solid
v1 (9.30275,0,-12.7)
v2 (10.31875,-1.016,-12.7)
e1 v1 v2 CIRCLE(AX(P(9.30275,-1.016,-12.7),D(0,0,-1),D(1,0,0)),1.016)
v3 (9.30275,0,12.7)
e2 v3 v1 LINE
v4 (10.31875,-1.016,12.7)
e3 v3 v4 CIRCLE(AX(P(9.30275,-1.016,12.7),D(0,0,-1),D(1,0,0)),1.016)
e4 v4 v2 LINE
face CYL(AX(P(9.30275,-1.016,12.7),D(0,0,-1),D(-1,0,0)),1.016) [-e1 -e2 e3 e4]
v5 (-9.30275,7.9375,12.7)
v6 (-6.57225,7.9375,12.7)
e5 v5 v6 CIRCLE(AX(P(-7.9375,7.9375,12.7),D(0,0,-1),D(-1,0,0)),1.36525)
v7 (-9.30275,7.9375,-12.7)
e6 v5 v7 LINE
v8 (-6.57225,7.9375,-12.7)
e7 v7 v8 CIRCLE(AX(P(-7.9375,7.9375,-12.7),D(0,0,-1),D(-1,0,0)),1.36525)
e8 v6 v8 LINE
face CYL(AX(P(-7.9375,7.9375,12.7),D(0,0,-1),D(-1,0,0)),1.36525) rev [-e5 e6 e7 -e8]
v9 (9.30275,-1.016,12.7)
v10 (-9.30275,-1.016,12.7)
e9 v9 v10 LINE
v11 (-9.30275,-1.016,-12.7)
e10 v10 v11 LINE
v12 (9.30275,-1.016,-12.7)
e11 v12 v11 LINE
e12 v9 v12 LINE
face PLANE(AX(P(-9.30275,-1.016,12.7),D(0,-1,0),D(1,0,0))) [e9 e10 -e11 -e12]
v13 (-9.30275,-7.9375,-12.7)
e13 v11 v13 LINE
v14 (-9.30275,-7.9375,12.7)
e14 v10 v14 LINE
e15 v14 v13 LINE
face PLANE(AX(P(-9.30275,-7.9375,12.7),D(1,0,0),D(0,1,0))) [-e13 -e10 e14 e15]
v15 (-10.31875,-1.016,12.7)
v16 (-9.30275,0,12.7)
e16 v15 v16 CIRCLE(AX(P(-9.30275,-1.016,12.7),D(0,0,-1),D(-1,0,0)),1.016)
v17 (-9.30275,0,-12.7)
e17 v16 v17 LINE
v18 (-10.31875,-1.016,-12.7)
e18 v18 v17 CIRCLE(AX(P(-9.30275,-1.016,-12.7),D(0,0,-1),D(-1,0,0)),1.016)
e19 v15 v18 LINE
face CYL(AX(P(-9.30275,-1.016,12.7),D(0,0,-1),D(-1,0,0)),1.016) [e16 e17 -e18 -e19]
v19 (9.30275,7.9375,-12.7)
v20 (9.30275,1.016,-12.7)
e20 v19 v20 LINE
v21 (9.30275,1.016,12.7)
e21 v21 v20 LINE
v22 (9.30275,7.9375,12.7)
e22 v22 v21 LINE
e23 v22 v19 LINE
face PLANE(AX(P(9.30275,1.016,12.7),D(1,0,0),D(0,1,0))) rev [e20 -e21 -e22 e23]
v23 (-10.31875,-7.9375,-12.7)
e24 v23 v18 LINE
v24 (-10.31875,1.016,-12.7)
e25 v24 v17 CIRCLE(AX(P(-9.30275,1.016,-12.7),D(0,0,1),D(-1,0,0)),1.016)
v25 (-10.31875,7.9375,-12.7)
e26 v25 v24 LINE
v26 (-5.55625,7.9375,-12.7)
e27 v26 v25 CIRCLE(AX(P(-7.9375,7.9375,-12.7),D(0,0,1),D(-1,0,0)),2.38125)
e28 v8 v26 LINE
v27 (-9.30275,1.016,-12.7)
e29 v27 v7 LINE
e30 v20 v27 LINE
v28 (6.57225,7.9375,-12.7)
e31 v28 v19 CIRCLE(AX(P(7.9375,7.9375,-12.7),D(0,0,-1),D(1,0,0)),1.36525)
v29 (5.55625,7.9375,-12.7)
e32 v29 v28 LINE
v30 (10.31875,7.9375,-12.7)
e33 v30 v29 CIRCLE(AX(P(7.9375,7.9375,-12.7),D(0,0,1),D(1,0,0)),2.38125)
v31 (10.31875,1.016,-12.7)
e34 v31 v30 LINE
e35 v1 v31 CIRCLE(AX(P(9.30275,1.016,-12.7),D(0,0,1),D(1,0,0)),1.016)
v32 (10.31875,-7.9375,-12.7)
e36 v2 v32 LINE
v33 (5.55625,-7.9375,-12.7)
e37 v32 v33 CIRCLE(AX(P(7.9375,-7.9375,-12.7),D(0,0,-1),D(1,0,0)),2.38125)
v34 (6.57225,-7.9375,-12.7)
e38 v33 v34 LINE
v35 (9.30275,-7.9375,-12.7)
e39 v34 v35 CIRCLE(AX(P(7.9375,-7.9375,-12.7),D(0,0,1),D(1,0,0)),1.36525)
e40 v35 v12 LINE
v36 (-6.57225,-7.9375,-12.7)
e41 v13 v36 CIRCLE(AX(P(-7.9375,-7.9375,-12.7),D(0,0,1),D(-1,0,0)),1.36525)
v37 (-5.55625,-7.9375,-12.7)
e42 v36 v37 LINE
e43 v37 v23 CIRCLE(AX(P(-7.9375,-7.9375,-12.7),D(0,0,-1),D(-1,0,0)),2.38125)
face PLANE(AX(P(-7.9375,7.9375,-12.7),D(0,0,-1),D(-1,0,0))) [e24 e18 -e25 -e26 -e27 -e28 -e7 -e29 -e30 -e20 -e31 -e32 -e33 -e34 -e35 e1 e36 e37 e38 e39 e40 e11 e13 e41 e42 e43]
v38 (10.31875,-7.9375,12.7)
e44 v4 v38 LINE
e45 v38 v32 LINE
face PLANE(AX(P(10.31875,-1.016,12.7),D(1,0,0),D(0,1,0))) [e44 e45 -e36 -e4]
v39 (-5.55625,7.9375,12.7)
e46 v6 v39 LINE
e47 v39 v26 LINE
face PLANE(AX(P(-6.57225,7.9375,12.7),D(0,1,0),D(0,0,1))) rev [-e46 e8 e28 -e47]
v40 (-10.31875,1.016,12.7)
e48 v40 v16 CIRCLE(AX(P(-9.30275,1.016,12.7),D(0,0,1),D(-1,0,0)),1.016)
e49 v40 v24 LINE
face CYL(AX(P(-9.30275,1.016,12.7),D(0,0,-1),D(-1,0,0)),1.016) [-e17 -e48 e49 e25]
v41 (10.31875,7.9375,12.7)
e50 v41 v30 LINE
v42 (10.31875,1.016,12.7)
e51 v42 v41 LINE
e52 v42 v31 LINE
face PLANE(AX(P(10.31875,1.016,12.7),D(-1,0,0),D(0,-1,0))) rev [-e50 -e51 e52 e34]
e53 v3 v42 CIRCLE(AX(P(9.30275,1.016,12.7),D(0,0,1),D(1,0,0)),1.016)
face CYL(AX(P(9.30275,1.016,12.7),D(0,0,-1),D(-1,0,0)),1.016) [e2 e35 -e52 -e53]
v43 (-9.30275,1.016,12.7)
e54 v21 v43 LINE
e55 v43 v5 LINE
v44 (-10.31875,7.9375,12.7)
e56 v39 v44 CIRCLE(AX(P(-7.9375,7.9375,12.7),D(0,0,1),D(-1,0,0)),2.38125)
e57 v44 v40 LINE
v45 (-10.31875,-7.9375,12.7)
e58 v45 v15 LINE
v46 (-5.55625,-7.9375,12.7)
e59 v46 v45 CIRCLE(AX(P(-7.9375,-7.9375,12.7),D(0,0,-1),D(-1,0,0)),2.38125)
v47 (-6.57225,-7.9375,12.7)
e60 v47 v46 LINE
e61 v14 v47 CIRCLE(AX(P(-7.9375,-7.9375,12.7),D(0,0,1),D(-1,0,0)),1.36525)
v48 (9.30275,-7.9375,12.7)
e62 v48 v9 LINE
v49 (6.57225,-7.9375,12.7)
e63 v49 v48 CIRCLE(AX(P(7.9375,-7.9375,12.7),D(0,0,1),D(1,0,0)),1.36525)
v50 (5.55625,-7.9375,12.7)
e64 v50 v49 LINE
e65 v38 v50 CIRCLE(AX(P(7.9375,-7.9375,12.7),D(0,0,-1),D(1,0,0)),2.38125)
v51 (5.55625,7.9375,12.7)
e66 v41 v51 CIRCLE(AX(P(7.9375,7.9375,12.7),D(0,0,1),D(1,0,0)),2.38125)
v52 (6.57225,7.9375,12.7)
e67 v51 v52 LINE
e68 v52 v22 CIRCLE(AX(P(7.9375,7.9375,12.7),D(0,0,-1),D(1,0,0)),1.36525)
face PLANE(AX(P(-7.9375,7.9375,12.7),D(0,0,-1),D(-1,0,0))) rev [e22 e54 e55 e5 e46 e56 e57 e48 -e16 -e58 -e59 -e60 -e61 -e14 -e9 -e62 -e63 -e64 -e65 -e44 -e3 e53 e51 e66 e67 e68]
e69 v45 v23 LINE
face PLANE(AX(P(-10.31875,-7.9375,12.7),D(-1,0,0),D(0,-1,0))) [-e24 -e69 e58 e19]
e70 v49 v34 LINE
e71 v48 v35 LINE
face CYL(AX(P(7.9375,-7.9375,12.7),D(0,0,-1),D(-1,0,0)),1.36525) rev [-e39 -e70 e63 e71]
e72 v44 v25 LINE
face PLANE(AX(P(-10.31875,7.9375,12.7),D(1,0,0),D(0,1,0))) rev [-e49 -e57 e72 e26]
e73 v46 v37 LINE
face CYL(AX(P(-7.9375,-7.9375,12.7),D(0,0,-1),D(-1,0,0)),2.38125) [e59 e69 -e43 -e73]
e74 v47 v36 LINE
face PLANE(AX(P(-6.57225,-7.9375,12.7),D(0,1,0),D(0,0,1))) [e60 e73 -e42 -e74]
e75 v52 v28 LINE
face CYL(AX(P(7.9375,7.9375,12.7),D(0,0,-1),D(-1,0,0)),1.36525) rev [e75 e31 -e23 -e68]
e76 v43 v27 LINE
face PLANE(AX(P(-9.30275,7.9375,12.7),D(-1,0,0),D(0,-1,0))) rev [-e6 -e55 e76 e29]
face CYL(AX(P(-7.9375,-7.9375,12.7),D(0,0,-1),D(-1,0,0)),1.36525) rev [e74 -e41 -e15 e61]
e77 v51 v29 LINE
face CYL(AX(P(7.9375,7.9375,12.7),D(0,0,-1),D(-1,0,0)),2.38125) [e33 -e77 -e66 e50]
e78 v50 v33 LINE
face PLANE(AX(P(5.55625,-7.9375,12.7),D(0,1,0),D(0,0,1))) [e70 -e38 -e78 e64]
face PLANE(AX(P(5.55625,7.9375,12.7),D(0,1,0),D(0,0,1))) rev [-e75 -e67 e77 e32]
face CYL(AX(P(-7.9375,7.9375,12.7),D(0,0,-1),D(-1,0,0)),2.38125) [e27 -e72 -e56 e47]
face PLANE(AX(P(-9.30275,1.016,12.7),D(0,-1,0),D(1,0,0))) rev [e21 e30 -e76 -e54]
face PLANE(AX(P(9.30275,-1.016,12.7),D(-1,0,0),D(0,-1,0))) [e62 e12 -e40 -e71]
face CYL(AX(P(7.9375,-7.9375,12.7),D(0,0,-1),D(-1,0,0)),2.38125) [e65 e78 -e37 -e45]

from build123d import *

# Parameters (mm, degrees)
BASE_EXTRUDE_DEPTH = 12.7


with BuildPart() as part:
    # Sketch1 → Base-Extrude (new, symmetric)
    with BuildSketch(Plane.XY):
        with BuildLine():
            Line((-10.31875, 7.9375), (-10.31875, 1.016))
            ThreePointArc((-10.31875, 1.016), (-10.02117049, 0.29757951), (-9.30275, 0))
            Line((-9.30275, 0), (9.30275, 0))
            ThreePointArc((9.30275, 0), (10.02117049, 0.29757951), (10.31875, 1.016))
            Line((10.31875, 1.016), (10.31875, 7.9375))
            ThreePointArc((10.31875, 7.9375), (7.9375, 10.31875), (5.55625, 7.9375))
            Line((5.55625, 7.9375), (6.57225, 7.9375))
            ThreePointArc((6.57225, 7.9375), (7.9375, 9.30275), (9.30275, 7.9375))
            Line((9.30275, 7.9375), (9.30275, 1.016))
            Line((9.30275, 1.016), (-9.30275, 1.016))
            Line((-9.30275, 1.016), (-9.30275, 7.9375))
            ThreePointArc((-9.30275, 7.9375), (-7.9375, 9.30275), (-6.57225, 7.9375))
            Line((-6.57225, 7.9375), (-5.55625, 7.9375))
            ThreePointArc((-5.55625, 7.9375), (-7.9375, 10.31875), (-10.31875, 7.9375))
        make_face()
    base_extrude = extrude(amount=BASE_EXTRUDE_DEPTH, both=True)

    # Mirror1: Base-Extrude across plane
    add(base_extrude.mirror(Plane.ZX))


solid = part.part
